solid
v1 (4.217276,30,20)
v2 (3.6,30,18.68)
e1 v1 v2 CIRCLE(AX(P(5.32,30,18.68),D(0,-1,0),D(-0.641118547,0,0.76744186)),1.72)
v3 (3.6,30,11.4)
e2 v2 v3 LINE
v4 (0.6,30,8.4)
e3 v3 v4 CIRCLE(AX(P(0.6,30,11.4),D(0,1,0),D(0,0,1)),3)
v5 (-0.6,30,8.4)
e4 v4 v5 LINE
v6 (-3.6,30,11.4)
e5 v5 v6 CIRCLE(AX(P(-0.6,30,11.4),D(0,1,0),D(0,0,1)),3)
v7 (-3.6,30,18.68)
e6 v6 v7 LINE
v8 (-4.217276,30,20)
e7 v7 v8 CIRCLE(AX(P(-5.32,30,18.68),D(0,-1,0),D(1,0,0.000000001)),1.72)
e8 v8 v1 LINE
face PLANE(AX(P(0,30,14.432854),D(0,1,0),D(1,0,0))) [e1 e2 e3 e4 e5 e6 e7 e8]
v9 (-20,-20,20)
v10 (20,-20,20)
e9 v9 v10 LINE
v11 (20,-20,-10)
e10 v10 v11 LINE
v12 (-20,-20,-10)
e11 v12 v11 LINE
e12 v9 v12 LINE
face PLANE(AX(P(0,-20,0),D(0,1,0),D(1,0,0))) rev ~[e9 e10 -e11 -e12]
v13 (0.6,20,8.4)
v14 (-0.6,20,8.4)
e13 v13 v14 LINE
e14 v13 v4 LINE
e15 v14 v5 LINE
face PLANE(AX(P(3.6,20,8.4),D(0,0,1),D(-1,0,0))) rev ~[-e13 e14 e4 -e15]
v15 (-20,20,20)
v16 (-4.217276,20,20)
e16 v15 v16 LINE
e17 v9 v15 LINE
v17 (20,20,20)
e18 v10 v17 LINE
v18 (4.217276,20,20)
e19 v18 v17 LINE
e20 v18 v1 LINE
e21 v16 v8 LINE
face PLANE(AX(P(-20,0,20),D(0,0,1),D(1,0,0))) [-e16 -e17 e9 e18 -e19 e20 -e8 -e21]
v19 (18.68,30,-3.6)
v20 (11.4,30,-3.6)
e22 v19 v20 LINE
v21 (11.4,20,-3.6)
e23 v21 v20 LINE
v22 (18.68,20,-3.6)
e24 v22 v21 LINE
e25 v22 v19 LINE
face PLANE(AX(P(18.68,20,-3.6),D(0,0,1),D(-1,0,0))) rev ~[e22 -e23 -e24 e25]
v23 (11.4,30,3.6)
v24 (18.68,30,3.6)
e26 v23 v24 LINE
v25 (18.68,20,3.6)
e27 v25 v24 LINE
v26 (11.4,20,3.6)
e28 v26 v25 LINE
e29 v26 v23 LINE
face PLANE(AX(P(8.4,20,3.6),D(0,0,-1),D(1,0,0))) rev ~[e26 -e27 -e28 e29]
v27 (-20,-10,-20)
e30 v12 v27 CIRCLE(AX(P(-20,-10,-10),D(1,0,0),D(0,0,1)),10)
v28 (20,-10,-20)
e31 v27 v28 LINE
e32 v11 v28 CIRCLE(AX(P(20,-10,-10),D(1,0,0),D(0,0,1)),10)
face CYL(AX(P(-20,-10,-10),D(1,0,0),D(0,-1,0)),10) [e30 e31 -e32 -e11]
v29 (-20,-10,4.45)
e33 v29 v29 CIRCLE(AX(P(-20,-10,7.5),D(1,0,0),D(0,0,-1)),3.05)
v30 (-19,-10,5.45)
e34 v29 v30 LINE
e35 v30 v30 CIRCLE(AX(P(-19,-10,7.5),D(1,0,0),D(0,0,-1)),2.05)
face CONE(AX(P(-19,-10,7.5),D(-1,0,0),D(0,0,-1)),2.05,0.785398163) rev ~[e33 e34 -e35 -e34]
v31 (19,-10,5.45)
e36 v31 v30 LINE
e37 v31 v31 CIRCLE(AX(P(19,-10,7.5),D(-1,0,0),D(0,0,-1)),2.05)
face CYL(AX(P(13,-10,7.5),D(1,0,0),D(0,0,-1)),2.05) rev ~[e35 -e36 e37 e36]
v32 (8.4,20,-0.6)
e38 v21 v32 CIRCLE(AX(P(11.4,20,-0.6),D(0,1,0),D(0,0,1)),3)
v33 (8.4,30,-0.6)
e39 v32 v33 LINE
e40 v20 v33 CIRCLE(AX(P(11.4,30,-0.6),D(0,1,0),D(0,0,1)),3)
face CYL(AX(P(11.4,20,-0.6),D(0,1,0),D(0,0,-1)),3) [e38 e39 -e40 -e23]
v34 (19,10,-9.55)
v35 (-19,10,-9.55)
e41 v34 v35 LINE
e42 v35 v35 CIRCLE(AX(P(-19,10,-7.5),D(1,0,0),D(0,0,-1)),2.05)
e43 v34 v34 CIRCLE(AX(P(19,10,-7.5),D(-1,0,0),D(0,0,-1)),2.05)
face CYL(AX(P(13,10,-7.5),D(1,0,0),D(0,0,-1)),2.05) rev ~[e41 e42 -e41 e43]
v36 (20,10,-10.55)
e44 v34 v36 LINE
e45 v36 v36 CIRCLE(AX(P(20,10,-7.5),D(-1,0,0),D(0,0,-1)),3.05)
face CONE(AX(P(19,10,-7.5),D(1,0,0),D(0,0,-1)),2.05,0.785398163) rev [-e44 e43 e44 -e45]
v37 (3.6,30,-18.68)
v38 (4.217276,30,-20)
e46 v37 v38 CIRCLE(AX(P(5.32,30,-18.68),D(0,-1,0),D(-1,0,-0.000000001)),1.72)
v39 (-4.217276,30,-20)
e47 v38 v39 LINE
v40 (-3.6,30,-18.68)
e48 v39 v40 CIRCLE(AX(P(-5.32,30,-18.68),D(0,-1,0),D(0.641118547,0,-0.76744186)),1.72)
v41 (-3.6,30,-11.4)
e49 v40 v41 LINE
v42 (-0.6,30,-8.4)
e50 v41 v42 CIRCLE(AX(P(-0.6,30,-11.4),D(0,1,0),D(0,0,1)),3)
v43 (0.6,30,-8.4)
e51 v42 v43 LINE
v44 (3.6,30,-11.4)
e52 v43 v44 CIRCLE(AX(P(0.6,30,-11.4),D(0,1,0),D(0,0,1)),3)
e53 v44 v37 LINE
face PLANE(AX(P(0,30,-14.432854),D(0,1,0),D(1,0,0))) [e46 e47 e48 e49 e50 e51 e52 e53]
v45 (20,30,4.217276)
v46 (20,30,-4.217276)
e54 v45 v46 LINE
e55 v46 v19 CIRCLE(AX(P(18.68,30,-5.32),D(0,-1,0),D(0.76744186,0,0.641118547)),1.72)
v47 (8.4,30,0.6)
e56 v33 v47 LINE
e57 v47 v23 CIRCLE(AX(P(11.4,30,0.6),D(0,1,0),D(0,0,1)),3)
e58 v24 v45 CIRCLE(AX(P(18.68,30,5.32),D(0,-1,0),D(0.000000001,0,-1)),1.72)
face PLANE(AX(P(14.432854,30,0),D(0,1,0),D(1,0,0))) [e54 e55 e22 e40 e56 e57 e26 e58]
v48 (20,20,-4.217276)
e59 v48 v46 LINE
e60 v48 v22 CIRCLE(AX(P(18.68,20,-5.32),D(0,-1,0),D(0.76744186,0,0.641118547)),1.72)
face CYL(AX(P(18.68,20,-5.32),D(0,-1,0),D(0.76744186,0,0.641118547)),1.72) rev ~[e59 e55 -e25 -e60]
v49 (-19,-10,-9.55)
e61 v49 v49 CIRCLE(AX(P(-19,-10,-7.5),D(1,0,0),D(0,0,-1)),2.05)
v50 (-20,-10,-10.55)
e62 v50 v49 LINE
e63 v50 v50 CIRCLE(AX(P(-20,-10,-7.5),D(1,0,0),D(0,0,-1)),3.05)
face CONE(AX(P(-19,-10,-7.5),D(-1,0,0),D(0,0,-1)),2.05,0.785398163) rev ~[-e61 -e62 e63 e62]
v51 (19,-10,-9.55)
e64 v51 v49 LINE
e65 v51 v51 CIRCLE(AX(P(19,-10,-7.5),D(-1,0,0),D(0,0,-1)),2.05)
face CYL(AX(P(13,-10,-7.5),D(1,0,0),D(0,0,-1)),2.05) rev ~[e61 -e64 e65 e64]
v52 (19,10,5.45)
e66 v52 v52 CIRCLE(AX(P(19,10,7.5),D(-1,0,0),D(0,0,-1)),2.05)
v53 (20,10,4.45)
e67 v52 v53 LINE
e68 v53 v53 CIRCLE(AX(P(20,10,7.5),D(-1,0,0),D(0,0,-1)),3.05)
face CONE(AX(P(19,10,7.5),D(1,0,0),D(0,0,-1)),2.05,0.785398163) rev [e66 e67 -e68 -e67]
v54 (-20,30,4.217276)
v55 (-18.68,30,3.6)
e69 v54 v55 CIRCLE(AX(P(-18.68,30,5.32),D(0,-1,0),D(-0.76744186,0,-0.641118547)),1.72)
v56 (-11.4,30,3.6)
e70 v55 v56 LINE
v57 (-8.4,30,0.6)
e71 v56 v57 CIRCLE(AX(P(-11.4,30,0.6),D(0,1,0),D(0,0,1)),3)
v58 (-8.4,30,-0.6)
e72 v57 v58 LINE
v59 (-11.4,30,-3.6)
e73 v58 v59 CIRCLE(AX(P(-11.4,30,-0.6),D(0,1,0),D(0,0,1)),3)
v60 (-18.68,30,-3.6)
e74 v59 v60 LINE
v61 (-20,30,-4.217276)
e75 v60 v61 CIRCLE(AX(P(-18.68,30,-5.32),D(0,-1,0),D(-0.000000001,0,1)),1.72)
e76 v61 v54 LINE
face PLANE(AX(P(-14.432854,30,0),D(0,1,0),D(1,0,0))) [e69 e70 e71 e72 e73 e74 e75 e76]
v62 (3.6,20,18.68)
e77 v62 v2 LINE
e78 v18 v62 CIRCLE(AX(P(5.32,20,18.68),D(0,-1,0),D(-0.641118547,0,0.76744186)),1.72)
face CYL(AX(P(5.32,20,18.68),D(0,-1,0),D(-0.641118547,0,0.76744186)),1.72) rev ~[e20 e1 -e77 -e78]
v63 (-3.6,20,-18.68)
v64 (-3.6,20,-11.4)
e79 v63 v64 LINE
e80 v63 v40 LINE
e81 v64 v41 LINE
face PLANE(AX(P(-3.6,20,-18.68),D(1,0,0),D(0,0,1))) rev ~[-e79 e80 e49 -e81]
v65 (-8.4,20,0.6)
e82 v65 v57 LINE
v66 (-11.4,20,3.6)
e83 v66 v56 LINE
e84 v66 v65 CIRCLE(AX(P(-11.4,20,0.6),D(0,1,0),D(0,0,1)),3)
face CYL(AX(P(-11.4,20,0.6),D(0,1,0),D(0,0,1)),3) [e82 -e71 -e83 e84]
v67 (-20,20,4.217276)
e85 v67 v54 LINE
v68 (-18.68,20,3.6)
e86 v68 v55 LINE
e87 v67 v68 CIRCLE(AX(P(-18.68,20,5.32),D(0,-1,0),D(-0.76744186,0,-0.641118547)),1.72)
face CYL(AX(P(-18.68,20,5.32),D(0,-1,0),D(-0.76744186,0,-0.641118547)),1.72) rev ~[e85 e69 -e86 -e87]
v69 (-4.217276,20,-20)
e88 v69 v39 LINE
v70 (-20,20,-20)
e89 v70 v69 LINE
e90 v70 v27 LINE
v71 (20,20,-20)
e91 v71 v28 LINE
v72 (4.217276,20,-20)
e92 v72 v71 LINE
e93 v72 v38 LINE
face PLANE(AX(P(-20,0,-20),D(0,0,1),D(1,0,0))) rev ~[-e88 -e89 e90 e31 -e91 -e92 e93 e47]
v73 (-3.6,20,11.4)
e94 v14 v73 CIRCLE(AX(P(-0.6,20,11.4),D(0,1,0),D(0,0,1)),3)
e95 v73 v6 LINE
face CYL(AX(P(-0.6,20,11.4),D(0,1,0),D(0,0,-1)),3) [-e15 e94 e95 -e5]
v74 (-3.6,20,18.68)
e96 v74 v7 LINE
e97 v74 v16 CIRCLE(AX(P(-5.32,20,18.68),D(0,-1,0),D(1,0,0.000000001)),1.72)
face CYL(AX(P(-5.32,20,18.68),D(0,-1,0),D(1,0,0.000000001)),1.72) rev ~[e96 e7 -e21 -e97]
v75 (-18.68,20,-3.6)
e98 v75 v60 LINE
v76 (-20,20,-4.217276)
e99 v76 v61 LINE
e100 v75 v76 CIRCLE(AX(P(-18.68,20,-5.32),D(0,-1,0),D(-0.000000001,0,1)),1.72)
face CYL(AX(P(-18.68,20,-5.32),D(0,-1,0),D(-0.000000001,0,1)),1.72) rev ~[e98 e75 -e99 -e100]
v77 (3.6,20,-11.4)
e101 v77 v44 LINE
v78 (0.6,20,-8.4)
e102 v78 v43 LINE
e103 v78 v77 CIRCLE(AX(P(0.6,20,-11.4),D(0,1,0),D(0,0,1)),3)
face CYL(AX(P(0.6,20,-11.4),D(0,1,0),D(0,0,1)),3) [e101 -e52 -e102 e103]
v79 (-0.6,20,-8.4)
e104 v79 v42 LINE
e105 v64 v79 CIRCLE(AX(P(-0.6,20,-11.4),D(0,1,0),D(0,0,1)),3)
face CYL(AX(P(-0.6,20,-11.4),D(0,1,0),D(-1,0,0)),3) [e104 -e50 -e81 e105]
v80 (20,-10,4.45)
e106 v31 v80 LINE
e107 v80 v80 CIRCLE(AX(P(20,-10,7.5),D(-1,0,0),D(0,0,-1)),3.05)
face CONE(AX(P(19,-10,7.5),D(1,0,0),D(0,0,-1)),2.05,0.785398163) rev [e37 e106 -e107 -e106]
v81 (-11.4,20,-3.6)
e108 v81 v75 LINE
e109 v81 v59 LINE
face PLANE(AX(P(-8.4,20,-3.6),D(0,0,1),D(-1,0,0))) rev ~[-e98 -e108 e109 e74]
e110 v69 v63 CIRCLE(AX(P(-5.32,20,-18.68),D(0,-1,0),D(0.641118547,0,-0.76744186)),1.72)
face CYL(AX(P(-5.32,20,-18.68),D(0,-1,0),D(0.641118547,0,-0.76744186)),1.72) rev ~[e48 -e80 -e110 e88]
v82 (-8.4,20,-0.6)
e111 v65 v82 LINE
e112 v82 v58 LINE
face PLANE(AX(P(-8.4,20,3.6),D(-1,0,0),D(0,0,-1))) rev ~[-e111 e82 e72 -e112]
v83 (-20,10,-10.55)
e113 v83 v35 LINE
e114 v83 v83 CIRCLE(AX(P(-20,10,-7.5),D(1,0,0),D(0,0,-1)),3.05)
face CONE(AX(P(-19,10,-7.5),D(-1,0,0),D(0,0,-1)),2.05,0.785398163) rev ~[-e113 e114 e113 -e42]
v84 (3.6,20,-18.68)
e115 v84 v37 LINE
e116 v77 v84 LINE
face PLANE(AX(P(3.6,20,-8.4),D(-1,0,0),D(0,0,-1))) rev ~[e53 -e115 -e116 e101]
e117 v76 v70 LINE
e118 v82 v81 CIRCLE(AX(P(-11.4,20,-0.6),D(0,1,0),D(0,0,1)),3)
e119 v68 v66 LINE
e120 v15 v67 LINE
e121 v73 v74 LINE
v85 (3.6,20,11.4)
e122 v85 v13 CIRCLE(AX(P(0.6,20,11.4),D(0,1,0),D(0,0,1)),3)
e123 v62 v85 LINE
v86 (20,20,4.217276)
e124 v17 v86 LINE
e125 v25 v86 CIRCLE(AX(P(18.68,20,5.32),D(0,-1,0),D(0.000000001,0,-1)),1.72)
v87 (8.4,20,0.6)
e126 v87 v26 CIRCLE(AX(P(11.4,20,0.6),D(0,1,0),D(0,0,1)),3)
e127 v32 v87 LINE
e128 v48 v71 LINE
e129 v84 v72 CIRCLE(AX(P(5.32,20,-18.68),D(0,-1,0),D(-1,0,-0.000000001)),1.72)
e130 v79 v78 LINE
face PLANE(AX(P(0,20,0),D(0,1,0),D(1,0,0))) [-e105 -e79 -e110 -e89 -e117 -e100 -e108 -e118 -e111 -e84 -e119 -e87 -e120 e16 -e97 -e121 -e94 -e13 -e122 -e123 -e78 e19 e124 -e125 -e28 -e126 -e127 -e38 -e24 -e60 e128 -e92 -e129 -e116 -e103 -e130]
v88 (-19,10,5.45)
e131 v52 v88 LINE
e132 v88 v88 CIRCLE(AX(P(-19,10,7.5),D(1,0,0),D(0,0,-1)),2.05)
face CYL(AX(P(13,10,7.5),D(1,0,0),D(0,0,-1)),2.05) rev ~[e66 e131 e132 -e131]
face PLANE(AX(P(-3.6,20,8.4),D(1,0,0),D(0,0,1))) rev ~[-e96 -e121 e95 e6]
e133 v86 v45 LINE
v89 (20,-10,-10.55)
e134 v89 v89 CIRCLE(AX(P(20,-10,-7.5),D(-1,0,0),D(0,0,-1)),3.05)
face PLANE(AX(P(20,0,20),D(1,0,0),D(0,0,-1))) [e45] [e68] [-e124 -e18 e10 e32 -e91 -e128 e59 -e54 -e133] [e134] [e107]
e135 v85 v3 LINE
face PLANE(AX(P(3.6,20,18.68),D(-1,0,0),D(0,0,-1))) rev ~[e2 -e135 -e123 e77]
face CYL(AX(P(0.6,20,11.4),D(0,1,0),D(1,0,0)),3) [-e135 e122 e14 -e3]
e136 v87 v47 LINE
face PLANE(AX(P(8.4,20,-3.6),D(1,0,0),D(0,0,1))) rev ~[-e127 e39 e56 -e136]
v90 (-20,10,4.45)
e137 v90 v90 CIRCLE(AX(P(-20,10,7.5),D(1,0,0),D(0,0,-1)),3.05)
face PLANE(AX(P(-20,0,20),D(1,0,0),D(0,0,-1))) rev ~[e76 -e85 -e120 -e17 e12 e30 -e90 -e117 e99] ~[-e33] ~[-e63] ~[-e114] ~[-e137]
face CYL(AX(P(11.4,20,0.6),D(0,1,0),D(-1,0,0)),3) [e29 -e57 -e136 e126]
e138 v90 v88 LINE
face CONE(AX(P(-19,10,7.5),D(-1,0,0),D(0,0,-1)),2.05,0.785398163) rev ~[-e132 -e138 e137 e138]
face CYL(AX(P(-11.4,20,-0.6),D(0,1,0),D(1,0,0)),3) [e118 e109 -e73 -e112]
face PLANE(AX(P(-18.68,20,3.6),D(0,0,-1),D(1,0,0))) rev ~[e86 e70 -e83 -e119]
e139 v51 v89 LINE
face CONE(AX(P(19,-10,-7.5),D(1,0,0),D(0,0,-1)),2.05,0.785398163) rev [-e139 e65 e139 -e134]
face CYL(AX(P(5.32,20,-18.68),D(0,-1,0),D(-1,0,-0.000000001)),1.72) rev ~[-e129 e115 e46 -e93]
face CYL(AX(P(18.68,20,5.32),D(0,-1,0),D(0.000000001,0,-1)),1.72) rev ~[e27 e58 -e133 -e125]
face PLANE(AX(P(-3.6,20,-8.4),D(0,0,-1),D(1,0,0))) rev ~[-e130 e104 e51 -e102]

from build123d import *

# Parameters (mm, degrees)
SKETCH1_W           = 40
SKETCH1_H           = 40
BOSS_EXTRUDE1_DEPTH = 20
CUT_EXTRUDE1_START  = 13
SKETCH2_R           = 2.05
CUT_EXTRUDE1_DEPTH  = 34
BOSS_EXTRUDE2_DEPTH = 10
FILLET1_R           = 10
CHAMFER1_SIZE       = 1
FILLET2_R           = 3


with BuildPart() as part:
    # Sketch1 → Boss-Extrude1 (new body, symmetric)
    with BuildSketch(Plane(origin=(0, 0, 0), x_dir=(1, 0, 0), z_dir=(0, 1, 0))):
        Rectangle(SKETCH1_W, SKETCH1_H)
    extrude(amount=BOSS_EXTRUDE1_DEPTH, both=True)

    # Sketch2 → Cut-Extrude1 (cut, through all)
    with BuildSketch(Plane(origin=(0, 0, 0), x_dir=(0, 0, -1), z_dir=(1, 0, 0)).offset(CUT_EXTRUDE1_START)):
        with Locations((-7.5, 10)):
            Circle(SKETCH2_R)
        with Locations((7.5, 10)):
            Circle(SKETCH2_R)
        with Locations((-7.5, -10)):
            Circle(SKETCH2_R)
        with Locations((7.5, -10)):
            Circle(SKETCH2_R)
    cut_extrude1 = extrude(amount=-CUT_EXTRUDE1_DEPTH, mode=Mode.SUBTRACT)

    # Mirror1: Cut-Extrude1 across plane
    add(cut_extrude1.mirror(Plane(origin=(0, 0, 0), x_dir=(0, 0, 1), z_dir=(1, 0, 0))), mode=Mode.SUBTRACT)

    # Sketch3 → Boss-Extrude2 (add)
    with BuildSketch(Plane(origin=(0, 20, 0), x_dir=(1, 0, 0), z_dir=(0, 1, 0))):
        with BuildLine():
            Line((18.68, 3.6), (8.4, 3.6))
            Line((8.4, 3.6), (8.4, -3.6))
            Line((8.4, -3.6), (18.68, -3.6))
            ThreePointArc((18.68, -3.6), (19.408599647, -3.761942699), (20, -4.2172761))
            Line((20, -4.2172761), (20, 4.2172761))
            ThreePointArc((20, 4.2172761), (19.408599647, 3.761942699), (18.68, 3.6))
        make_face()
        with BuildLine():
            ThreePointArc((3.6, 18.68), (3.761942699, 19.408599647), (4.2172761, 20))
            Line((4.2172761, 20), (-4.2172761, 20))
            ThreePointArc((-4.2172761, 20), (-3.761942699, 19.408599647), (-3.6, 18.68))
            Line((-3.6, 18.68), (-3.6, 8.4))
            Line((-3.6, 8.4), (3.6, 8.4))
            Line((3.6, 8.4), (3.6, 18.68))
        make_face()
        with BuildLine():
            Line((-4.2172761, -20), (4.2172761, -20))
            ThreePointArc((4.2172761, -20), (3.761942699, -19.408599647), (3.6, -18.68))
            Line((3.6, -18.68), (3.6, -8.4))
            Line((3.6, -8.4), (-3.6, -8.4))
            Line((-3.6, -8.4), (-3.6, -18.68))
            ThreePointArc((-3.6, -18.68), (-3.761942699, -19.408599647), (-4.2172761, -20))
        make_face()
        with BuildLine():
            ThreePointArc((-18.68, 3.6), (-19.408599647, 3.761942699), (-20, 4.2172761))
            Line((-20, 4.2172761), (-20, -4.2172761))
            ThreePointArc((-20, -4.2172761), (-19.408599647, -3.761942699), (-18.68, -3.6))
            Line((-18.68, -3.6), (-8.4, -3.6))
            Line((-8.4, -3.6), (-8.4, 3.6))
            Line((-8.4, 3.6), (-18.68, 3.6))
        make_face()
    extrude(amount=BOSS_EXTRUDE2_DEPTH)

    # Fillet1
    fillet1_edges = [part.edges().sort_by_distance(p)[0] for p in [
        (0, -20, -20),
    ]]
    fillet(fillet1_edges, radius=FILLET1_R)

    # Chamfer1
    chamfer1_edges = [part.edges().sort_by_distance(p)[0] for p in [
        (-20, 10, -5.45),
        (-20, -10, 9.55),
        (-20, -10, -5.45),
        (-20, 10, 9.55),
        (20, 10, -5.45),
        (20, -10, 9.55),
        (20, -10, -5.45),
        (20, 10, 9.55),
    ]]
    chamfer(chamfer1_edges, length=CHAMFER1_SIZE)

    # Fillet2
    fillet2_edges = [part.edges().sort_by_distance(p)[0] for p in [
        (8.4, 25, -3.6),
        (8.4, 25, 3.6),
        (-8.4, 25, 3.6),
        (-8.4, 25, -3.6),
        (-3.6, 25, -8.4),
        (3.6, 25, -8.4),
        (3.6, 25, 8.4),
        (-3.6, 25, 8.4),
    ]]
    fillet(fillet2_edges, radius=FILLET2_R)


solid = part.part
